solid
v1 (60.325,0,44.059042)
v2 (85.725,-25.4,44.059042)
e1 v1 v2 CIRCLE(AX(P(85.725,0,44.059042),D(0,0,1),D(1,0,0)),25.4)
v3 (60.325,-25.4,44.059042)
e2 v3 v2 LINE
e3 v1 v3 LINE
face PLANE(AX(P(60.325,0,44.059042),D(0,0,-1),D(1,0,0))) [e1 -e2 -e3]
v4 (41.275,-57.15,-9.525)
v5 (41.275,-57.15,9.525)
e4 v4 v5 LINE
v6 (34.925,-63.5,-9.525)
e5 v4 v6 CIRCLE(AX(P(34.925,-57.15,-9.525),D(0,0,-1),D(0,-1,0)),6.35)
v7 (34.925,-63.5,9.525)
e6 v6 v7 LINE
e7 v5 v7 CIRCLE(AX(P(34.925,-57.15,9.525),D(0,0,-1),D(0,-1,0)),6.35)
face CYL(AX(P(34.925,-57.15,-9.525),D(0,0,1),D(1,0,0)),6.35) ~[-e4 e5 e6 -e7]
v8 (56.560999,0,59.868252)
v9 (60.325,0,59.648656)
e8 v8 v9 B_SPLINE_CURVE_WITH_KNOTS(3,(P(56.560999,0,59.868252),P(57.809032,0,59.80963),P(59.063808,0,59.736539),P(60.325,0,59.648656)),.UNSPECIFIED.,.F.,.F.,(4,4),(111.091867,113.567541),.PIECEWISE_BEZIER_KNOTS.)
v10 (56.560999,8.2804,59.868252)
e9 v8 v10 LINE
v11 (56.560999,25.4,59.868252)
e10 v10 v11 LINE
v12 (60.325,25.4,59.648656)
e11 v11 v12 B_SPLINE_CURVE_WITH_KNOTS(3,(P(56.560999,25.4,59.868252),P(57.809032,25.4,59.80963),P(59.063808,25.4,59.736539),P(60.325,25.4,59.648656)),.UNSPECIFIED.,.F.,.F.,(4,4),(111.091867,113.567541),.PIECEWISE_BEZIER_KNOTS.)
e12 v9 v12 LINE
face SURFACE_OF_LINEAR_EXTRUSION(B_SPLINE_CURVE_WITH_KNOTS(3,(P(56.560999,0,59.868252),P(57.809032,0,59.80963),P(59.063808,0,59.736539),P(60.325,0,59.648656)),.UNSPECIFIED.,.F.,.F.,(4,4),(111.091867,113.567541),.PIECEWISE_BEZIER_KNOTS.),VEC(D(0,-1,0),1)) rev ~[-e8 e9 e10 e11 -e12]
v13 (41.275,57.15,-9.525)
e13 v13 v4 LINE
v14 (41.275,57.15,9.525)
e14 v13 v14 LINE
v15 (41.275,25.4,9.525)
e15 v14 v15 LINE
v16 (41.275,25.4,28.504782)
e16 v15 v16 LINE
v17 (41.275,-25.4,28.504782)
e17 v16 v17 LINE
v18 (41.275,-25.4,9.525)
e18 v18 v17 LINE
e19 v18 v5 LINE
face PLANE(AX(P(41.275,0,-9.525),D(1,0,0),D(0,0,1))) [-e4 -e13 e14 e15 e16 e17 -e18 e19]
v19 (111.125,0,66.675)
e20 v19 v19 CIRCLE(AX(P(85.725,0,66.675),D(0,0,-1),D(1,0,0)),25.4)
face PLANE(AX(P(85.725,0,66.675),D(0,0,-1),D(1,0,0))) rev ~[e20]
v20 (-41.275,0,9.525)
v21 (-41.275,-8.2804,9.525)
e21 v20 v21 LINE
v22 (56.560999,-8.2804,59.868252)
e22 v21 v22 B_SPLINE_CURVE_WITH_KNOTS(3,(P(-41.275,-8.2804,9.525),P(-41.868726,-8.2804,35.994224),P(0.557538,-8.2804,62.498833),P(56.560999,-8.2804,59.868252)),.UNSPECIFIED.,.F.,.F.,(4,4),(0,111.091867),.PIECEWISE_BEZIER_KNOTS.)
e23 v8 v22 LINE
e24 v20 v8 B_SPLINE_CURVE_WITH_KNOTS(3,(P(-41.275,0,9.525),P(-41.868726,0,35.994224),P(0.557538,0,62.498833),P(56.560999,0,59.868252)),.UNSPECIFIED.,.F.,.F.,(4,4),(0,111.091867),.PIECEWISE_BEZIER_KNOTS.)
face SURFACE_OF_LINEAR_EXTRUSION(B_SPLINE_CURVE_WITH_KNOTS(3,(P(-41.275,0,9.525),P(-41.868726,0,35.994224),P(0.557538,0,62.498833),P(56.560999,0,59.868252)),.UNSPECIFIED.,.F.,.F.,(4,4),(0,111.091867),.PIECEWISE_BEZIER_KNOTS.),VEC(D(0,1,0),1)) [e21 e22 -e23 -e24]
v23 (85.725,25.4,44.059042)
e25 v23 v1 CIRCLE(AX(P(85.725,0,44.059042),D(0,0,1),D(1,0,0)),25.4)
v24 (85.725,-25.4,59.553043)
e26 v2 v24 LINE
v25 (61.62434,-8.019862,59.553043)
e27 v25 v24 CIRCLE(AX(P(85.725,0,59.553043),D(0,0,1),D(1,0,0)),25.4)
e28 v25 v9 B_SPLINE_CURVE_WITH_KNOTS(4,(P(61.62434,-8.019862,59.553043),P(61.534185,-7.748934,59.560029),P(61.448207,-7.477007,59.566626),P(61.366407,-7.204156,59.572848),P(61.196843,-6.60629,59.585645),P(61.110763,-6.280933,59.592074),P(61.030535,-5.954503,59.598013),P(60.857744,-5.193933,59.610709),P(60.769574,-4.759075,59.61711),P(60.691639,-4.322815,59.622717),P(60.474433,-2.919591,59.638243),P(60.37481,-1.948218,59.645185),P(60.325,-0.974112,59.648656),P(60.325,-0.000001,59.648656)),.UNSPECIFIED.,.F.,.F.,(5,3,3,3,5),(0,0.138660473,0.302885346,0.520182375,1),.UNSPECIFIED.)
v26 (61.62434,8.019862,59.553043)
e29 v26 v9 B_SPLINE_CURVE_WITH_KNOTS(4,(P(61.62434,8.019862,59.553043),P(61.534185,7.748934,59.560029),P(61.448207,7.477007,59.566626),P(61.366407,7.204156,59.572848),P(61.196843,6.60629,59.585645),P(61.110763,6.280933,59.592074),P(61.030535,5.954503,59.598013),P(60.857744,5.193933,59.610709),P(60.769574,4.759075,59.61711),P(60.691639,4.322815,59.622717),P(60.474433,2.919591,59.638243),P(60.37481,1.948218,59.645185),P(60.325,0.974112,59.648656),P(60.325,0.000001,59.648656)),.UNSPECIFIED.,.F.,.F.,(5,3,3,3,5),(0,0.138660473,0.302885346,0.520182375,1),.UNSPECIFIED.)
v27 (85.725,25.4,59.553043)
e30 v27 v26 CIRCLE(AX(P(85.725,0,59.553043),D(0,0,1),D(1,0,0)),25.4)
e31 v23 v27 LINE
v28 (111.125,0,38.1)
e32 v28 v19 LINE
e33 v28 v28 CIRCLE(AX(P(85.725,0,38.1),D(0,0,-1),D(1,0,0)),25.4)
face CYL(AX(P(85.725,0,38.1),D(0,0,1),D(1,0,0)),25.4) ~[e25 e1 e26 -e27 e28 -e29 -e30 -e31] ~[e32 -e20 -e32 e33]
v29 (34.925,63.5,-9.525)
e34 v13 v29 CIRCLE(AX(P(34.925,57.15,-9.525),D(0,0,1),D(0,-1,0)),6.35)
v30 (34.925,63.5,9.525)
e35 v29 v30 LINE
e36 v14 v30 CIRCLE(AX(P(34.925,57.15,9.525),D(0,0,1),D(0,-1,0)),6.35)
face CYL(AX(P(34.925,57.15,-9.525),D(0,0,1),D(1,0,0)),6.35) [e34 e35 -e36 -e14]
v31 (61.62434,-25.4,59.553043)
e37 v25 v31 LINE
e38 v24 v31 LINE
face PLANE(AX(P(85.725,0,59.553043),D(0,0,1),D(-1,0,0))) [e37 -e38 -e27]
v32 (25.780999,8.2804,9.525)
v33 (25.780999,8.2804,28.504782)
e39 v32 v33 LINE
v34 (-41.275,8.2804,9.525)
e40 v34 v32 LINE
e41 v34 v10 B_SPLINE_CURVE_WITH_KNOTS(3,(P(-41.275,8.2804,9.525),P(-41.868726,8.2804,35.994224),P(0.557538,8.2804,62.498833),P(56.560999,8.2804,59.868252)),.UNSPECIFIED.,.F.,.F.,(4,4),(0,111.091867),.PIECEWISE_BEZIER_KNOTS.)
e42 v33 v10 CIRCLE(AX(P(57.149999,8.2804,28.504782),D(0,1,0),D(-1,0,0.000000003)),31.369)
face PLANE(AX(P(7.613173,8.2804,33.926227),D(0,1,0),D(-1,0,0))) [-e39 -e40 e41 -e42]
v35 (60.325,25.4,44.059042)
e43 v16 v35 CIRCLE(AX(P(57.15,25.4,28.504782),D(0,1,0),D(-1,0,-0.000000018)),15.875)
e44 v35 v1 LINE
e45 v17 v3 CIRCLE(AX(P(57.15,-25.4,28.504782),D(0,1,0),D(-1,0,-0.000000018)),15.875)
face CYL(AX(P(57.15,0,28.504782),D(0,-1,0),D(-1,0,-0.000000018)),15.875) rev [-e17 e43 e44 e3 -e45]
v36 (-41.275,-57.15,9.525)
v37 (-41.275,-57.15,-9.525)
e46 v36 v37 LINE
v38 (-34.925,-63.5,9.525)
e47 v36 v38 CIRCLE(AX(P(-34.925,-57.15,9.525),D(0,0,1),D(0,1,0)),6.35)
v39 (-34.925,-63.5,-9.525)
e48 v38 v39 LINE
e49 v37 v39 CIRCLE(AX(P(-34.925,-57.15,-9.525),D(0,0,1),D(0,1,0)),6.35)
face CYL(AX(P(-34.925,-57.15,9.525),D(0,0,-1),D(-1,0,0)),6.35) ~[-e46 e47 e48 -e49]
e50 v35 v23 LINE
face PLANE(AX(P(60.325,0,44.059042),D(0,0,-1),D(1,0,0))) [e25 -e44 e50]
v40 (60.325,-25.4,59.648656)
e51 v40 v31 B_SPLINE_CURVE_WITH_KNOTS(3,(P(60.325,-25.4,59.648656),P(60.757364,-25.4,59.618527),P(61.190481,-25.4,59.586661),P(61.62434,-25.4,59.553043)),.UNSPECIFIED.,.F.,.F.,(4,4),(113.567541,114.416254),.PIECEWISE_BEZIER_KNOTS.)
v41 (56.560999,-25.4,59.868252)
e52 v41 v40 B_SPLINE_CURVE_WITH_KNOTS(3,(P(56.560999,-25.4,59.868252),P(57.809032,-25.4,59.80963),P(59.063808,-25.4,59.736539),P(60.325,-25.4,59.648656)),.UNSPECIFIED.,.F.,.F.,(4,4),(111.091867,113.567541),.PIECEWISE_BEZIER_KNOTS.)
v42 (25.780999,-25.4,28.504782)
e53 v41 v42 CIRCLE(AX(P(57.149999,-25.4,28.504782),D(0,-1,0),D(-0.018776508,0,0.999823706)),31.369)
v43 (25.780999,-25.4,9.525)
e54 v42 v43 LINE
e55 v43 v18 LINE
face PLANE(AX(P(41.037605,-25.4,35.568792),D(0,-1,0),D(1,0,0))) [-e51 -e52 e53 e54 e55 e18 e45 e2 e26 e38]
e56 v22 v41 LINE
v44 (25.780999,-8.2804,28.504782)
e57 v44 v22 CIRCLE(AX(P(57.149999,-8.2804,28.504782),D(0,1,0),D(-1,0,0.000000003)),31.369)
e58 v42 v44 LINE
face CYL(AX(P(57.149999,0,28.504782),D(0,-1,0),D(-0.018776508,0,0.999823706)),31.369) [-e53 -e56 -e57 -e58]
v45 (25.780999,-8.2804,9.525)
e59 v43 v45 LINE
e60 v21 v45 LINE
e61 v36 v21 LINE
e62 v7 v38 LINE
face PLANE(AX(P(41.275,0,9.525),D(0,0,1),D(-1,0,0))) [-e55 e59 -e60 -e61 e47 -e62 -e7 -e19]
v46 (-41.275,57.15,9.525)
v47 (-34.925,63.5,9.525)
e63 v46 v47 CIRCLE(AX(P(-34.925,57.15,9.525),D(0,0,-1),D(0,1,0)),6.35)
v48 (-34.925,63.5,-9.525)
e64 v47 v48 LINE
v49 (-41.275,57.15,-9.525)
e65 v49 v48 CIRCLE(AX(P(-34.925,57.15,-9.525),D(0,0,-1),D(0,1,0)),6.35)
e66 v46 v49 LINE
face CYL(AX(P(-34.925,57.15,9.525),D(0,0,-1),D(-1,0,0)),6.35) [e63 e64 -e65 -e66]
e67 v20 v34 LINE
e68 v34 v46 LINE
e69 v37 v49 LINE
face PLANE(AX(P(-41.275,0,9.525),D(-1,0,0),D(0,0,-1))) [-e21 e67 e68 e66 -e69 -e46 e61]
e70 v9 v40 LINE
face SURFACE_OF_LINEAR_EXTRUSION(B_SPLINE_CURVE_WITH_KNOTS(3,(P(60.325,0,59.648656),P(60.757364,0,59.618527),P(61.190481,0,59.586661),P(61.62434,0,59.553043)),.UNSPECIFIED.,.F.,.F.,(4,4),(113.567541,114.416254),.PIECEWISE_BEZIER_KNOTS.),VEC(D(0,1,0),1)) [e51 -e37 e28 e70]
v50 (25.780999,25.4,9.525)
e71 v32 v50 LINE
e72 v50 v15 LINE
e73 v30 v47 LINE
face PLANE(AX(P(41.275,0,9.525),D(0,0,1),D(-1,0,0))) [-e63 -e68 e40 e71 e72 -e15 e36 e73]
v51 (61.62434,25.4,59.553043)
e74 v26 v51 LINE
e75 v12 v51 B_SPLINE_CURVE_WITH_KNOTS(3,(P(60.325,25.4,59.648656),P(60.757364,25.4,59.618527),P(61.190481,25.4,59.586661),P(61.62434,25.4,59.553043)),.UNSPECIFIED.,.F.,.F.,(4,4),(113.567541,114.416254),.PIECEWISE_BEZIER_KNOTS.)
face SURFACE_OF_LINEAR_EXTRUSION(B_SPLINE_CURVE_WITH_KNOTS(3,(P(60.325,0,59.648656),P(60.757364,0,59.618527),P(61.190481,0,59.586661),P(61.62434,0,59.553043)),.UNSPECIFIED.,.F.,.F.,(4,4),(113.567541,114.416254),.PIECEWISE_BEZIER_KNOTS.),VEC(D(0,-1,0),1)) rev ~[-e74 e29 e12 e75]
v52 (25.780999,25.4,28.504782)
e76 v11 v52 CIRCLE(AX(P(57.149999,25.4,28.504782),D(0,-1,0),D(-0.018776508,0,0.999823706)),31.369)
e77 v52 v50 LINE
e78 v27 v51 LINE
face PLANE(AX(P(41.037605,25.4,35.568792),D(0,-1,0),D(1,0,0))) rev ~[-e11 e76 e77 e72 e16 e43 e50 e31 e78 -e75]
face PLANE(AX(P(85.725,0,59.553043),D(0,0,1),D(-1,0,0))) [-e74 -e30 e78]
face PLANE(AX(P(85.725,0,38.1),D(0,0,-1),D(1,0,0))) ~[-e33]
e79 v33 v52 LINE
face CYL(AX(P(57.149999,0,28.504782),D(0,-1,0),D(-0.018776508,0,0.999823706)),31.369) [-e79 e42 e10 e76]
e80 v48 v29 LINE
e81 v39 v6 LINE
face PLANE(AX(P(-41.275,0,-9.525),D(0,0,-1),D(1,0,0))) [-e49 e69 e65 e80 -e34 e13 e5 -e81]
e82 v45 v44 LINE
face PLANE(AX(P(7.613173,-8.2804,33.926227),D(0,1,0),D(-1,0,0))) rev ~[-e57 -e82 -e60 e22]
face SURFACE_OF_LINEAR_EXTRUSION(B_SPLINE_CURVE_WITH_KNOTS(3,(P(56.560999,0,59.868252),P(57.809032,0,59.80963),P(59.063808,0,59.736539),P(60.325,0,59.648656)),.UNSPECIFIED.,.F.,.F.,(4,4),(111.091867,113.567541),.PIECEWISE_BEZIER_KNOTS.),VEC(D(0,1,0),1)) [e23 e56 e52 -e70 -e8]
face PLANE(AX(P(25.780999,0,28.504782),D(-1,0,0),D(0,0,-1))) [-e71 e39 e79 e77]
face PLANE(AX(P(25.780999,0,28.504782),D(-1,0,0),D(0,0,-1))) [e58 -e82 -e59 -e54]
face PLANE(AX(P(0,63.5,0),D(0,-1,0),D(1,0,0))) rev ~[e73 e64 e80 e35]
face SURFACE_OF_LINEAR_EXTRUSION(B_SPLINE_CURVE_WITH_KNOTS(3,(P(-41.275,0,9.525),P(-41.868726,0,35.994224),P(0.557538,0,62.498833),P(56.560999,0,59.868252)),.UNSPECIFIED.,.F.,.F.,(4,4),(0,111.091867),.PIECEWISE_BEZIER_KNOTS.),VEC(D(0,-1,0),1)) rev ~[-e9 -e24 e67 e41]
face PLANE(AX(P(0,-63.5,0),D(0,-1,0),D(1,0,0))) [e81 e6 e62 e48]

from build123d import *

# Parameters (mm, degrees)
F1_DEPTH = 63.5
F2_DEPTH = 25.4
F3_DEPTH = 8.2804
F5_R     = 6.35


with BuildPart() as f1:
    # F0 (on Front) → F1 (new body, symmetric)
    with BuildSketch(Plane.XZ):
        Polygon((-41.275, -9.525), (41.275, -9.525), (41.275, 9.525), (25.780999, 9.525), (-41.275, 9.525), align=None)
    extrude(amount=F1_DEPTH, both=True)

    # F0 (on Front) → F2 (join, symmetric)
    with BuildSketch(Plane.XZ):
        with BuildLine():
            Line((25.780999, 9.525), (41.275, 9.525))
            Line((41.275, 9.525), (41.275, 28.504782))
            ThreePointArc((41.275, 28.504782), (47.109768, 40.801504), (60.325, 44.059042))
            Line((60.325, 44.059042), (60.325, 59.648656))
            add(Edge.make_bspline(
                [(56.560999, 59.868252), (57.809032, 59.80963), (59.063808, 59.736539), (60.325, 59.648656)],
                knots=[111.091867, 111.091867, 111.091867, 111.091867, 113.567541, 113.567541, 113.567541, 113.567541], degree=3))
            ThreePointArc((56.560999, 59.868252), (34.761492, 50.476785), (25.780999, 28.504782))
            Line((25.780999, 28.504782), (25.780999, 9.525))
        make_face()
        with BuildLine():
            Line((60.325, 59.648656), (60.325, 44.059042))
            Line((60.325, 44.059042), (85.725, 44.059042))
            Line((85.725, 44.059042), (85.725, 59.553043))
            Line((85.725, 59.553043), (61.62434, 59.553043))
            add(Edge.make_bspline(
                [(60.325, 59.648656), (60.757364, 59.618527), (61.190481, 59.586661), (61.62434, 59.553043)],
                knots=[113.567541, 113.567541, 113.567541, 113.567541, 114.416254, 114.416254, 114.416254, 114.416254], degree=3))
        make_face()
    extrude(amount=F2_DEPTH, both=True)

    # F0 (on Front) → F3 (join, symmetric)
    with BuildSketch(Plane.XZ):
        with BuildLine():
            add(Edge.make_bspline(
                [(-41.275, 9.525), (-41.868726, 35.994224), (0.557538, 62.498833), (56.560999, 59.868252)],
                knots=[0, 0, 0, 0, 111.091867, 111.091867, 111.091867, 111.091867], degree=3))
            Line((-41.275, 9.525), (25.780999, 9.525))
            Line((25.780999, 9.525), (25.780999, 28.504782))
            ThreePointArc((25.780999, 28.504782), (34.761492, 50.476785), (56.560999, 59.868252))
        make_face()
    extrude(amount=F3_DEPTH, both=True)

    # F0 (on Front) → F4 (revolve)
    with BuildSketch(Plane.XZ):
        Polygon((85.725, 59.553043), (85.725, 44.059042), (85.725, 38.1), (111.125, 38.1), (111.125, 66.675), (85.725, 66.675), align=None)
    revolve(axis=Axis((85.725, 0, 52.3875), (0, 0, -1)))

    # F5
    f5_edges = [f1.edges().sort_by_distance(p)[0] for p in [
        (41.275, -63.5, 0),
        (-41.275, -63.5, 0),
        (-41.275, 63.5, 0),
        (41.275, 63.5, 0),
    ]]
    fillet(f5_edges, radius=F5_R)


solid = f1.part
